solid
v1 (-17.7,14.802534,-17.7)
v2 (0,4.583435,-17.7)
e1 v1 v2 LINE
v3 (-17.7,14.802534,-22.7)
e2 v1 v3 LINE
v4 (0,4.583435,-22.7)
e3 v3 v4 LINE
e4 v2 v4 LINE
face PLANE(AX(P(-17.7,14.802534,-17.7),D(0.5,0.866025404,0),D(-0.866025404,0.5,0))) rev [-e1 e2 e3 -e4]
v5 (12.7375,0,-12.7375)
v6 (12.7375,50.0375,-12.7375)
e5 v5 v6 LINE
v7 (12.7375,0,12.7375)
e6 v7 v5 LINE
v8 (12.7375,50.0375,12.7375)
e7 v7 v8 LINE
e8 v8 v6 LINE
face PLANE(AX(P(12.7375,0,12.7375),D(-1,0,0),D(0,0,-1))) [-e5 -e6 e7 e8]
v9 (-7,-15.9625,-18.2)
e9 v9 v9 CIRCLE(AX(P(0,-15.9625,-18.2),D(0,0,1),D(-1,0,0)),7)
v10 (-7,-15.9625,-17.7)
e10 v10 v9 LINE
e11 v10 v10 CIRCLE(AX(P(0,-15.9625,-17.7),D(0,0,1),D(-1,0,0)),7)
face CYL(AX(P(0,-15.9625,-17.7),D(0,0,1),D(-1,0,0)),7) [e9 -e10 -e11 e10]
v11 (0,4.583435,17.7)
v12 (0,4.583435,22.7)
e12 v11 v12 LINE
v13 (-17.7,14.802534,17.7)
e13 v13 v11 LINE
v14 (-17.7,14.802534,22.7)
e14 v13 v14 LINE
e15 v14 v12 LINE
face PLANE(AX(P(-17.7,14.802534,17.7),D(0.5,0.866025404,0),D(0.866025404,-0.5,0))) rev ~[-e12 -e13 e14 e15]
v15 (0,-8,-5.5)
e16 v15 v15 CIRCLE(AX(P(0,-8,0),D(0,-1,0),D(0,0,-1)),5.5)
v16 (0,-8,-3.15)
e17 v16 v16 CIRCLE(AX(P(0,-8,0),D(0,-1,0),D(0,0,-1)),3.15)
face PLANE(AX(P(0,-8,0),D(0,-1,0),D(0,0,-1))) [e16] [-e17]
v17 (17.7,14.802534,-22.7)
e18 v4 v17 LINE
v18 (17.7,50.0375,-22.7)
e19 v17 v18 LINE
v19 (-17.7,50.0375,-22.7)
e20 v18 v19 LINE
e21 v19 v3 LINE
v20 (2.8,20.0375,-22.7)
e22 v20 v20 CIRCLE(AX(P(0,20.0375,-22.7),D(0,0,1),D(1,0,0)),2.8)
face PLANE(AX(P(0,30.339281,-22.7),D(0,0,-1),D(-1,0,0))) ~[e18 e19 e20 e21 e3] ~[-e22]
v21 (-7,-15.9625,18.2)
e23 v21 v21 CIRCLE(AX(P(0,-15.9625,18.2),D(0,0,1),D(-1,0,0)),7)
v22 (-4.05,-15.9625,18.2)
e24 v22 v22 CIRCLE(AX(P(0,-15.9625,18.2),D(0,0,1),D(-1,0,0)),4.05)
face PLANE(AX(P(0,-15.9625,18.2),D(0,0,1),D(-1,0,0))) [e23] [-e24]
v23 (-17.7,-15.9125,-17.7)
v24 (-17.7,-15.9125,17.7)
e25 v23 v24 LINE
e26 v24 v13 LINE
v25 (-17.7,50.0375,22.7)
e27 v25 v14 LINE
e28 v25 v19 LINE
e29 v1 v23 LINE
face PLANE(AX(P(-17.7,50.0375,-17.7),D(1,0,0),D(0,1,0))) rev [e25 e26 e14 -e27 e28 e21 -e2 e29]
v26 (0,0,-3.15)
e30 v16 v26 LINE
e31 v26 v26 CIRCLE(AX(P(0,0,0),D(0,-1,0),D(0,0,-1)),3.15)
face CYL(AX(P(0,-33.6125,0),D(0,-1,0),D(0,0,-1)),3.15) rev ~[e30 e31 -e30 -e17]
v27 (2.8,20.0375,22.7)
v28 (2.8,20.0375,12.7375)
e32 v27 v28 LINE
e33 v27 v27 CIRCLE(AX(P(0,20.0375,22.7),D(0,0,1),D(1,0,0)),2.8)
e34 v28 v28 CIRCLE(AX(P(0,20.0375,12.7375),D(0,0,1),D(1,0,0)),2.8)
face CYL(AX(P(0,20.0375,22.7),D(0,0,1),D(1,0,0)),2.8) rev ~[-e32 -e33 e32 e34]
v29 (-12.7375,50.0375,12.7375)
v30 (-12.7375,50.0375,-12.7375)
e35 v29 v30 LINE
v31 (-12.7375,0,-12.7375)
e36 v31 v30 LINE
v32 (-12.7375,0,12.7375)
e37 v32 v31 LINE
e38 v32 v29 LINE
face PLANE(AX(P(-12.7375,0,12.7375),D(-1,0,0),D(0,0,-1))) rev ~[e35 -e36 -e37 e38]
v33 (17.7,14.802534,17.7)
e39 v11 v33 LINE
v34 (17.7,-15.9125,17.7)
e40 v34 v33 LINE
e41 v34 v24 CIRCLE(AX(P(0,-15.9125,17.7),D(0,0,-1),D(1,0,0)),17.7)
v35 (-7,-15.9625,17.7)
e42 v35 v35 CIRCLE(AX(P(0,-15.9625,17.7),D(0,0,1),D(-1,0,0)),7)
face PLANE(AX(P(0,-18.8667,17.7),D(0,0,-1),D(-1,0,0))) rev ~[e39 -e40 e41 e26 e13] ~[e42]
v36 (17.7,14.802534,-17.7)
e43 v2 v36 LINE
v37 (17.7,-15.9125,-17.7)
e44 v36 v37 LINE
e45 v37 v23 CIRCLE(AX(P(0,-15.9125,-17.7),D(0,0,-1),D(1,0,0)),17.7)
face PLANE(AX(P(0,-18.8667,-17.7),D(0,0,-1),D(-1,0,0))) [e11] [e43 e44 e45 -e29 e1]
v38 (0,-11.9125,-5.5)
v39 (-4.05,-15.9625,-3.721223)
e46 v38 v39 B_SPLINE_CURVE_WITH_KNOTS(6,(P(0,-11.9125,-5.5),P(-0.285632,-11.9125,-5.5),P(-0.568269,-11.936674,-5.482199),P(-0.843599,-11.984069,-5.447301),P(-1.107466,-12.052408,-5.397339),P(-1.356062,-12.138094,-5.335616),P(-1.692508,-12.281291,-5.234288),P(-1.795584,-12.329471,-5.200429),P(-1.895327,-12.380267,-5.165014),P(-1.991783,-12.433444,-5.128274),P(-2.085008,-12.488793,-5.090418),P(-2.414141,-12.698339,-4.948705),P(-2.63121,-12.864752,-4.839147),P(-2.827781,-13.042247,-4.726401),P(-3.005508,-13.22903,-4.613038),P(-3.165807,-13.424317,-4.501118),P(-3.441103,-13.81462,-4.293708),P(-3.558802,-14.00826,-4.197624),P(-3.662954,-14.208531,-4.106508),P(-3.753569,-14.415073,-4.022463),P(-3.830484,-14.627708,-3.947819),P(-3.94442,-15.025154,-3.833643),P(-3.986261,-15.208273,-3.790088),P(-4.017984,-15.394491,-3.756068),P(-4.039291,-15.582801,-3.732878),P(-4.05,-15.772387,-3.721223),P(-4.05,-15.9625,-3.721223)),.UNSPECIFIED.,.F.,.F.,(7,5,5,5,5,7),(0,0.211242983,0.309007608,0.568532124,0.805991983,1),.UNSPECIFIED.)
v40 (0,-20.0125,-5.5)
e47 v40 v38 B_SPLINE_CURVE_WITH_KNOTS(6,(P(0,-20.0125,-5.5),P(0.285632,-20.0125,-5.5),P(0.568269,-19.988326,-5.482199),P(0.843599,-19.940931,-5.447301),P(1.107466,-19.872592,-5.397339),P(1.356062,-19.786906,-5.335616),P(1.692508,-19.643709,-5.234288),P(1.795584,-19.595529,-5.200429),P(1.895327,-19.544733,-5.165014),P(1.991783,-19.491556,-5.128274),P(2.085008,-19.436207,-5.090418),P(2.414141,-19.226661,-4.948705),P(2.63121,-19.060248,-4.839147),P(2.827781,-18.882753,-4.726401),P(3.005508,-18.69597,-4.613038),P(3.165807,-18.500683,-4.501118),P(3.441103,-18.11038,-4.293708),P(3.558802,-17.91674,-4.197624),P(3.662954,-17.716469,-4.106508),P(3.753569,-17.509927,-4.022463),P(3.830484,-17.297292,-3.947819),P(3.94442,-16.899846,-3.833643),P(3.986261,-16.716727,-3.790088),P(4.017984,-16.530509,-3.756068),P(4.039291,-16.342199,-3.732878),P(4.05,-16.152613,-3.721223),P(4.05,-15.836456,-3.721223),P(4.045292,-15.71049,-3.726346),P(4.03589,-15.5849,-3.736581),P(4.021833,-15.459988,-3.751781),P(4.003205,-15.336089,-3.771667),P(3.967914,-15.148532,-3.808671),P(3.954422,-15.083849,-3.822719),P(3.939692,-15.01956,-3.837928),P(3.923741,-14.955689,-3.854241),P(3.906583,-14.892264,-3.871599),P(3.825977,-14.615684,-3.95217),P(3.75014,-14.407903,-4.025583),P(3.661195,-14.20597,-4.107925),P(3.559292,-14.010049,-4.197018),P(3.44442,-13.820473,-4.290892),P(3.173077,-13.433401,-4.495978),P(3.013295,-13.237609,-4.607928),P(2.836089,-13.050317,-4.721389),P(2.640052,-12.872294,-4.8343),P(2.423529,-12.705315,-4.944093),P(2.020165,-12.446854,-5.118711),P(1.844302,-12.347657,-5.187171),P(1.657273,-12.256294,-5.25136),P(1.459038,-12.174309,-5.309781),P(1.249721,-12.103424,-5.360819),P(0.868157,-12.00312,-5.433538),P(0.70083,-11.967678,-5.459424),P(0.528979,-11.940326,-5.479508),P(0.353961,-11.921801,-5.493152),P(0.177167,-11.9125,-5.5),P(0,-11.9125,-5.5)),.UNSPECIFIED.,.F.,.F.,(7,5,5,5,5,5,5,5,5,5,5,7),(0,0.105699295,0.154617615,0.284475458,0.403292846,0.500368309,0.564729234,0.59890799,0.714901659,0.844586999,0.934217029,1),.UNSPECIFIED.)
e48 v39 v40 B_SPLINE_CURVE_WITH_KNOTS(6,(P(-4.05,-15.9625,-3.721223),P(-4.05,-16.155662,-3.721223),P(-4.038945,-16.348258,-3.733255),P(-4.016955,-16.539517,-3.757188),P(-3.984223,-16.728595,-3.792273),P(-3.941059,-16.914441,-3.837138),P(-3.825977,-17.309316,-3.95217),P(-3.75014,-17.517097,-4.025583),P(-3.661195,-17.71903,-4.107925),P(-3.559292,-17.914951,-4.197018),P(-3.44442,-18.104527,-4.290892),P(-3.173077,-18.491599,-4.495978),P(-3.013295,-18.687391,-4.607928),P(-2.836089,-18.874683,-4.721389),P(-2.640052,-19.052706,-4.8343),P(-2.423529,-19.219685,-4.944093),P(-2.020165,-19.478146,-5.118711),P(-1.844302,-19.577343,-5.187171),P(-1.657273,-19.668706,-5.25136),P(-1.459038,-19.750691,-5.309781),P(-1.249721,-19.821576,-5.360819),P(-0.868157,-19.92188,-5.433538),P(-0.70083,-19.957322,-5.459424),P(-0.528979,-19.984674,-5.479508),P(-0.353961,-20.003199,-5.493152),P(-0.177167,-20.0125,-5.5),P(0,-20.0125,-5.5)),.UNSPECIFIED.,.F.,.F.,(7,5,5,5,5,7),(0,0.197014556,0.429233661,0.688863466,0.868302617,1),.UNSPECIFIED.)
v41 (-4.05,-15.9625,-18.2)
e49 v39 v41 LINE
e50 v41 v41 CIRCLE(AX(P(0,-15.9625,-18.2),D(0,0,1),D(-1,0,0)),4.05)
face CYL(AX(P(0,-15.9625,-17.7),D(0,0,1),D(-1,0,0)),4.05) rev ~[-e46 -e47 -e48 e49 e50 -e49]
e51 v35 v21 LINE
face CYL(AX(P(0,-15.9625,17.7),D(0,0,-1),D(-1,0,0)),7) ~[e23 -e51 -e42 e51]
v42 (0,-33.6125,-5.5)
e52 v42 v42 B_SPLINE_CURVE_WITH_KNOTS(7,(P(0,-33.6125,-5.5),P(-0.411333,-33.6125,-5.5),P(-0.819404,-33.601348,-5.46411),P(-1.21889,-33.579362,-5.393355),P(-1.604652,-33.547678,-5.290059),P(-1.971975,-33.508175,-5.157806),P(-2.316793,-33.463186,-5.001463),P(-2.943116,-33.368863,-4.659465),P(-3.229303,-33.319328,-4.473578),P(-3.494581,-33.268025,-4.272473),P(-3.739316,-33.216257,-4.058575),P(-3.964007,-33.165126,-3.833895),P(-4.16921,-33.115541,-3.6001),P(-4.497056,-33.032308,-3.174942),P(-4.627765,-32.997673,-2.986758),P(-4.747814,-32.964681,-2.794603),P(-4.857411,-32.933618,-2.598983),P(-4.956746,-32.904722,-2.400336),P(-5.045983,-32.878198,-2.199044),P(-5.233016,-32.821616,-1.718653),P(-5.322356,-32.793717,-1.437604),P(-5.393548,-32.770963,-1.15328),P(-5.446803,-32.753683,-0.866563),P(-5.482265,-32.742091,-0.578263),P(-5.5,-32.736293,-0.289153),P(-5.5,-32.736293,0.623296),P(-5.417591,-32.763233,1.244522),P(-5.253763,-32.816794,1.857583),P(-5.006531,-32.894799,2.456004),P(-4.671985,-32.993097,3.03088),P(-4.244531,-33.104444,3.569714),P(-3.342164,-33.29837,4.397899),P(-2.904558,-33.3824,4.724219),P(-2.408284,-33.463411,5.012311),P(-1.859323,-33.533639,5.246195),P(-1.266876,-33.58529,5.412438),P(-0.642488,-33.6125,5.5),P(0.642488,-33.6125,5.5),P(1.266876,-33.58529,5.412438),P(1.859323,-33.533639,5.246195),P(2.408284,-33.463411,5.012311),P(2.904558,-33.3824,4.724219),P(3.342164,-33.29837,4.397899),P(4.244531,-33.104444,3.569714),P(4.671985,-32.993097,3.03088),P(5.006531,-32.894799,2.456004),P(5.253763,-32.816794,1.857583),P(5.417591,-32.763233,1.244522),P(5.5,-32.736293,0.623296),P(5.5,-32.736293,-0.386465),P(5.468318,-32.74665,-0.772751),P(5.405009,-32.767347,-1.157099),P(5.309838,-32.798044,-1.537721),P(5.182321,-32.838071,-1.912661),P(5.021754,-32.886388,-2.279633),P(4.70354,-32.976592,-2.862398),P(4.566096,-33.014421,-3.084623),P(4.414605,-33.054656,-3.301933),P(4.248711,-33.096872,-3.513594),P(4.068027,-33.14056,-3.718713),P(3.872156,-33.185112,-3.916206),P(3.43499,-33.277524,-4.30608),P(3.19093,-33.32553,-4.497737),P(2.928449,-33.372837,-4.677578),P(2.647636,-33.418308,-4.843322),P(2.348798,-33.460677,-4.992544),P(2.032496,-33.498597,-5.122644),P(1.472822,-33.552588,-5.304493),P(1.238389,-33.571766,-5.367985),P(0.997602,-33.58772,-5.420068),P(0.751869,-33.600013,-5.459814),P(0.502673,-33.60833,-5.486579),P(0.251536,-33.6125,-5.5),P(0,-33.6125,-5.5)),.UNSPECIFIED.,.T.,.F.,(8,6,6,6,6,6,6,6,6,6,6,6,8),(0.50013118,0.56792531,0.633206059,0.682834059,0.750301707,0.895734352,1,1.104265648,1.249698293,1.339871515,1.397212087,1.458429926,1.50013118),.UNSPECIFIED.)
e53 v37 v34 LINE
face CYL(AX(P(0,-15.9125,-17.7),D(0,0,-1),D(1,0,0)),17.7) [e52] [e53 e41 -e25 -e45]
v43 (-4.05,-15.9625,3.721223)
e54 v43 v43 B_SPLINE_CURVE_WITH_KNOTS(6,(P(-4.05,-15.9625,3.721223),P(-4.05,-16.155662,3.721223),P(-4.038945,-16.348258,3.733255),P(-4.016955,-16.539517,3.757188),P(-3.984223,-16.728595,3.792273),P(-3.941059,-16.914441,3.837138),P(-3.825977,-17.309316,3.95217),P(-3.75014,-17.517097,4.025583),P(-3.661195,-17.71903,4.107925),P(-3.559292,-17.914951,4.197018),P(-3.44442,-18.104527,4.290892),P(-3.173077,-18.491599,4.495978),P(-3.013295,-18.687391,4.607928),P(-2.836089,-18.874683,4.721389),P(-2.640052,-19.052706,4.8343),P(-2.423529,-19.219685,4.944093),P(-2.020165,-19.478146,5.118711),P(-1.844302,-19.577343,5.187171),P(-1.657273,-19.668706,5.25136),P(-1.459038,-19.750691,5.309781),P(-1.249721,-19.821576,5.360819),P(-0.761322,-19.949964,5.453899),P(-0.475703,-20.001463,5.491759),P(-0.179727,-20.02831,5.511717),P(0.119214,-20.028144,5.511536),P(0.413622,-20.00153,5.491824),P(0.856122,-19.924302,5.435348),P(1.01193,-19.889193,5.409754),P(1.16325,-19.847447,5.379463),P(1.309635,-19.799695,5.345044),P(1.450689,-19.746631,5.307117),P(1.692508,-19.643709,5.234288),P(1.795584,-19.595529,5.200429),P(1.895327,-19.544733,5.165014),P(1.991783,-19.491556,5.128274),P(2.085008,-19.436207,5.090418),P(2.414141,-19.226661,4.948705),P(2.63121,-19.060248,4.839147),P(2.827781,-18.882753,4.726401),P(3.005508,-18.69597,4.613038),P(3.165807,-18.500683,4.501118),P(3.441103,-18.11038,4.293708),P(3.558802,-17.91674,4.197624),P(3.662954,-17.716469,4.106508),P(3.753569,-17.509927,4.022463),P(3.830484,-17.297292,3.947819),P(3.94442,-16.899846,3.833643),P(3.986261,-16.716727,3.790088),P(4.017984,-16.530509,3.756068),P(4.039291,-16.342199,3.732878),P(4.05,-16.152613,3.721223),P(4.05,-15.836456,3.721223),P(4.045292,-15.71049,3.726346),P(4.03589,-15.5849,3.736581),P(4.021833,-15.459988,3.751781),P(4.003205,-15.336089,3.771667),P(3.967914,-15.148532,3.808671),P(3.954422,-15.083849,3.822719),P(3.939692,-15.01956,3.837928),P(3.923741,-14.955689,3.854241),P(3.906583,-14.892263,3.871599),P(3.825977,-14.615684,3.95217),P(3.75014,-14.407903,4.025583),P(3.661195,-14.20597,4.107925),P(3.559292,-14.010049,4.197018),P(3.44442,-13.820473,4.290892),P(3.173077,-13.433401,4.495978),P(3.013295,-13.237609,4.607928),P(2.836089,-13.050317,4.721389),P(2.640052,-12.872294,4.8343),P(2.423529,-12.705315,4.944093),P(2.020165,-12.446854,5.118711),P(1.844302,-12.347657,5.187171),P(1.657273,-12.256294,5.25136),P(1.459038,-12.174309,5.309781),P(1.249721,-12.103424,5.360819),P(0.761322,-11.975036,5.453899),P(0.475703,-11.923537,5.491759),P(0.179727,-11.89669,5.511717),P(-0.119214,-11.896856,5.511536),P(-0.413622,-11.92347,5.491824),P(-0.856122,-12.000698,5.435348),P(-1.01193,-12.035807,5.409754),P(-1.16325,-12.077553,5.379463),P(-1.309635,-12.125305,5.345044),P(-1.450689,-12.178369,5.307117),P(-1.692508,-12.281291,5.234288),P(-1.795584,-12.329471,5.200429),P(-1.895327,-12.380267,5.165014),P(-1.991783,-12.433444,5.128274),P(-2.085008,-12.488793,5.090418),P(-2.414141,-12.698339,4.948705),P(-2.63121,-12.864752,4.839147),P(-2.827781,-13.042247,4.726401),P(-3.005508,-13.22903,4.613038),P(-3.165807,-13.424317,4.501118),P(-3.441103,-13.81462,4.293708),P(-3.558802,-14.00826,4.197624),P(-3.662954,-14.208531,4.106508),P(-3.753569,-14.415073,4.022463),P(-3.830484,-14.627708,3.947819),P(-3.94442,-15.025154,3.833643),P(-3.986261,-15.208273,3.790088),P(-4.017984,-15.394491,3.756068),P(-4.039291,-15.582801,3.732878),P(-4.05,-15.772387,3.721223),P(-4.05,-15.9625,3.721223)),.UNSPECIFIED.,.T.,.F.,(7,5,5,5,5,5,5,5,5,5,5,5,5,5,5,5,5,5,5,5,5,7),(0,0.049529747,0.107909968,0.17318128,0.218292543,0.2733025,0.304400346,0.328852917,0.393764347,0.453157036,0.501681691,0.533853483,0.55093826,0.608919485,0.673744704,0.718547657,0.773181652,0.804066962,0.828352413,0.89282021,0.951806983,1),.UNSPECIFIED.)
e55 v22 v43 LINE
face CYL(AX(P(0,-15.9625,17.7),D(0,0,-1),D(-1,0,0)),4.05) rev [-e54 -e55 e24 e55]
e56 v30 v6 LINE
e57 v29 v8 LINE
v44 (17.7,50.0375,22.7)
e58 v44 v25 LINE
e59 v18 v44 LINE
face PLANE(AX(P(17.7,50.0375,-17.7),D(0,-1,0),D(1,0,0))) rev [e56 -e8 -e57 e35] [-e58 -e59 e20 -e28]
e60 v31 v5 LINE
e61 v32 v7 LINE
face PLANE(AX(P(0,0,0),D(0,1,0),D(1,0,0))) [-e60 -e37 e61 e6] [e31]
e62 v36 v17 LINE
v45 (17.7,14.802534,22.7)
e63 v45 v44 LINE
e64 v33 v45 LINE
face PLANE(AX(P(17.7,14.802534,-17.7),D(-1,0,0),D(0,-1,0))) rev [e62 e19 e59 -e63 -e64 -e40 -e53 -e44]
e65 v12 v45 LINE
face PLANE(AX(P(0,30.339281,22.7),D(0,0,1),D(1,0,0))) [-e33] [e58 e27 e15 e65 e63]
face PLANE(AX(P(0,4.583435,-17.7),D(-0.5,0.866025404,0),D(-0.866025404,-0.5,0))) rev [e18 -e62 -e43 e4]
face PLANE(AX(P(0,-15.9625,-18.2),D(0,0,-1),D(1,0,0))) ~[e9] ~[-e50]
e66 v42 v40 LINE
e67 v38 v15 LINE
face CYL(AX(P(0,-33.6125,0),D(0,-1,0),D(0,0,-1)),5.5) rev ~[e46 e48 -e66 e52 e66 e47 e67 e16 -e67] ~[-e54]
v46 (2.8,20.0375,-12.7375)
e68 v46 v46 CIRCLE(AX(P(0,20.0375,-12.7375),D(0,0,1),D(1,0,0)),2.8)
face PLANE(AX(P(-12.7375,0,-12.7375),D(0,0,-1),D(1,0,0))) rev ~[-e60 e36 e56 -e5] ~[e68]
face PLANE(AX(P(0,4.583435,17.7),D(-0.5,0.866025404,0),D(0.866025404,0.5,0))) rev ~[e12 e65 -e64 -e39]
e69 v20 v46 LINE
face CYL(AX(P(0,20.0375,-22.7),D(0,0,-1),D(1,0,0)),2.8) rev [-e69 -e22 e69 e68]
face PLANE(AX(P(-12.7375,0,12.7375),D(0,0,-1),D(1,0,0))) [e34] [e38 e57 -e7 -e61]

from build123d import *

# Parameters (mm, degrees)
SKETCH1_W           = 35.4
SKETCH1_H           = 35.4
SKETCH1_W_2         = 25.475
SKETCH1_H_2         = 25.475
BOSS_EXTRUDE1_DEPTH = 50.0375
SKETCH1_3_W         = 35.4
SKETCH1_3_H         = 35.4
SKETCH1_3_W_2       = 25.475
SKETCH1_3_H_2       = 25.475
BOSS_EXTRUDE2_DEPTH = 9.9625
SKETCH2_R           = 4.05
BOSS_EXTRUDE5_DEPTH = 35.4
SKETCH3_R           = 3.15
CUT_EXTRUDE1_DEPTH  = 88.31496149
SKETCH4_R           = 5.5
CUT_EXTRUDE2_DEPTH  = 25.6125
SKETCH5_R           = 7
SKETCH5_R_2         = 4.05
BOSS_EXTRUDE6_DEPTH = 0.5
BOSS_EXTRUDE7_DEPTH = 5
CUT_EXTRUDE3_REACH  = 69.006
SKETCH7_R           = 2.8


with BuildPart() as part:
    # Sketch1 → Boss-Extrude1 (new body)
    with BuildSketch(Plane(origin=(0, 0, 0), x_dir=(1, 0, 0), z_dir=(0, 1, 0))):
        Rectangle(SKETCH1_W, SKETCH1_H)
        Rectangle(SKETCH1_W_2, SKETCH1_H_2, mode=Mode.SUBTRACT)
    extrude(amount=BOSS_EXTRUDE1_DEPTH)

    # Sketch1<3> → Boss-Extrude2 (add)
    # profile 1 of 2: a face of its own
    with BuildSketch(Plane(origin=(0, 0, 0), x_dir=(1, 0, 0), z_dir=(0, 1, 0))):
        Rectangle(SKETCH1_3_W, SKETCH1_3_H)
        Rectangle(SKETCH1_3_W_2, SKETCH1_3_H_2, mode=Mode.SUBTRACT)
    # profile 2 of 2: a face of its own
    with BuildSketch(Plane(origin=(0, 0, 0), x_dir=(1, 0, 0), z_dir=(0, 1, 0))):
        Rectangle(SKETCH1_3_W_2, SKETCH1_3_H_2)
    extrude(amount=-BOSS_EXTRUDE2_DEPTH)

    # Sketch2 → Boss-Extrude5 (add)
    with BuildSketch(Plane.XY.offset(-17.7)):
        with BuildLine():
            Line((-17.7, -15.9125), (-17.7, -9.9625))
            Line((-17.7, -9.9625), (17.7, -9.9625))
            Line((17.7, -9.9625), (17.7, -15.9125))
            ThreePointArc((17.7, -15.9125), (0, -33.6125), (-17.7, -15.9125))
        make_face()
        with Locations(Location((0, -15.9625, 0), (0, 0, 180))):
            Circle(SKETCH2_R, mode=Mode.SUBTRACT)
    extrude(amount=BOSS_EXTRUDE5_DEPTH)

    # Sketch3 → Cut-Extrude1 (cut, through all)
    with BuildSketch(Plane(origin=(0, -33.6125, 0), x_dir=(-1, 0, 0), z_dir=(0, -1, 0))):
        with Locations(Location((0, 0, 0), (0, 0, 90))):
            Circle(SKETCH3_R)
    extrude(amount=-CUT_EXTRUDE1_DEPTH, mode=Mode.SUBTRACT)

    # Sketch4 → Cut-Extrude2 (cut)
    with BuildSketch(Plane(origin=(0, -33.6125, 0), x_dir=(-1, 0, 0), z_dir=(0, -1, 0))):
        with Locations(Location((0, 0, 0), (0, 0, 90))):
            Circle(SKETCH4_R)
    extrude(amount=-CUT_EXTRUDE2_DEPTH, mode=Mode.SUBTRACT)

    # Sketch5 → Boss-Extrude6 (add)
    with BuildSketch(Plane.XY.offset(17.7)):
        with Locations(Location((0, -15.9625, 0), (0, 0, 180))):
            Circle(SKETCH5_R)
        with Locations(Location((0, -15.9625, 0), (0, 0, 180))):
            Circle(SKETCH5_R_2, mode=Mode.SUBTRACT)
    boss_extrude6 = extrude(amount=BOSS_EXTRUDE6_DEPTH)

    # Mirror1: Boss-Extrude6 across plane
    add(boss_extrude6.mirror(Plane.XY))

    # Sketch6 → Boss-Extrude7 (add)
    with BuildSketch(Plane.XY.offset(17.7)):
        Polygon((0, 4.583434556), (17.7, 14.802534321), (17.7, 50.0375), (-17.7, 50.0375), (-17.7, 14.802534321), align=None)
    boss_extrude7 = extrude(amount=BOSS_EXTRUDE7_DEPTH)

    # Sketch7 → Cut-Extrude3 (cut, up to next)
    with BuildSketch(Plane.XY.offset(22.7), mode=Mode.PRIVATE) as cut_extrude3_sk1:
        with Locations((0, 20.0375)):
            Circle(SKETCH7_R)
    cut_extrude3_tool1 = extrude(cut_extrude3_sk1.sketch, amount=-CUT_EXTRUDE3_REACH, mode=Mode.PRIVATE) & part.part
    cut_extrude3 = cut_extrude3_tool1.solids().sort_by_distance((0, 20.0375, 22.7))[0]
    add(cut_extrude3, mode=Mode.SUBTRACT)

    # Mirror2: Boss-Extrude7, Cut-Extrude3 across plane
    add(boss_extrude7.mirror(Plane.XY))
    add(cut_extrude3.mirror(Plane.XY), mode=Mode.SUBTRACT)


solid = part.part
